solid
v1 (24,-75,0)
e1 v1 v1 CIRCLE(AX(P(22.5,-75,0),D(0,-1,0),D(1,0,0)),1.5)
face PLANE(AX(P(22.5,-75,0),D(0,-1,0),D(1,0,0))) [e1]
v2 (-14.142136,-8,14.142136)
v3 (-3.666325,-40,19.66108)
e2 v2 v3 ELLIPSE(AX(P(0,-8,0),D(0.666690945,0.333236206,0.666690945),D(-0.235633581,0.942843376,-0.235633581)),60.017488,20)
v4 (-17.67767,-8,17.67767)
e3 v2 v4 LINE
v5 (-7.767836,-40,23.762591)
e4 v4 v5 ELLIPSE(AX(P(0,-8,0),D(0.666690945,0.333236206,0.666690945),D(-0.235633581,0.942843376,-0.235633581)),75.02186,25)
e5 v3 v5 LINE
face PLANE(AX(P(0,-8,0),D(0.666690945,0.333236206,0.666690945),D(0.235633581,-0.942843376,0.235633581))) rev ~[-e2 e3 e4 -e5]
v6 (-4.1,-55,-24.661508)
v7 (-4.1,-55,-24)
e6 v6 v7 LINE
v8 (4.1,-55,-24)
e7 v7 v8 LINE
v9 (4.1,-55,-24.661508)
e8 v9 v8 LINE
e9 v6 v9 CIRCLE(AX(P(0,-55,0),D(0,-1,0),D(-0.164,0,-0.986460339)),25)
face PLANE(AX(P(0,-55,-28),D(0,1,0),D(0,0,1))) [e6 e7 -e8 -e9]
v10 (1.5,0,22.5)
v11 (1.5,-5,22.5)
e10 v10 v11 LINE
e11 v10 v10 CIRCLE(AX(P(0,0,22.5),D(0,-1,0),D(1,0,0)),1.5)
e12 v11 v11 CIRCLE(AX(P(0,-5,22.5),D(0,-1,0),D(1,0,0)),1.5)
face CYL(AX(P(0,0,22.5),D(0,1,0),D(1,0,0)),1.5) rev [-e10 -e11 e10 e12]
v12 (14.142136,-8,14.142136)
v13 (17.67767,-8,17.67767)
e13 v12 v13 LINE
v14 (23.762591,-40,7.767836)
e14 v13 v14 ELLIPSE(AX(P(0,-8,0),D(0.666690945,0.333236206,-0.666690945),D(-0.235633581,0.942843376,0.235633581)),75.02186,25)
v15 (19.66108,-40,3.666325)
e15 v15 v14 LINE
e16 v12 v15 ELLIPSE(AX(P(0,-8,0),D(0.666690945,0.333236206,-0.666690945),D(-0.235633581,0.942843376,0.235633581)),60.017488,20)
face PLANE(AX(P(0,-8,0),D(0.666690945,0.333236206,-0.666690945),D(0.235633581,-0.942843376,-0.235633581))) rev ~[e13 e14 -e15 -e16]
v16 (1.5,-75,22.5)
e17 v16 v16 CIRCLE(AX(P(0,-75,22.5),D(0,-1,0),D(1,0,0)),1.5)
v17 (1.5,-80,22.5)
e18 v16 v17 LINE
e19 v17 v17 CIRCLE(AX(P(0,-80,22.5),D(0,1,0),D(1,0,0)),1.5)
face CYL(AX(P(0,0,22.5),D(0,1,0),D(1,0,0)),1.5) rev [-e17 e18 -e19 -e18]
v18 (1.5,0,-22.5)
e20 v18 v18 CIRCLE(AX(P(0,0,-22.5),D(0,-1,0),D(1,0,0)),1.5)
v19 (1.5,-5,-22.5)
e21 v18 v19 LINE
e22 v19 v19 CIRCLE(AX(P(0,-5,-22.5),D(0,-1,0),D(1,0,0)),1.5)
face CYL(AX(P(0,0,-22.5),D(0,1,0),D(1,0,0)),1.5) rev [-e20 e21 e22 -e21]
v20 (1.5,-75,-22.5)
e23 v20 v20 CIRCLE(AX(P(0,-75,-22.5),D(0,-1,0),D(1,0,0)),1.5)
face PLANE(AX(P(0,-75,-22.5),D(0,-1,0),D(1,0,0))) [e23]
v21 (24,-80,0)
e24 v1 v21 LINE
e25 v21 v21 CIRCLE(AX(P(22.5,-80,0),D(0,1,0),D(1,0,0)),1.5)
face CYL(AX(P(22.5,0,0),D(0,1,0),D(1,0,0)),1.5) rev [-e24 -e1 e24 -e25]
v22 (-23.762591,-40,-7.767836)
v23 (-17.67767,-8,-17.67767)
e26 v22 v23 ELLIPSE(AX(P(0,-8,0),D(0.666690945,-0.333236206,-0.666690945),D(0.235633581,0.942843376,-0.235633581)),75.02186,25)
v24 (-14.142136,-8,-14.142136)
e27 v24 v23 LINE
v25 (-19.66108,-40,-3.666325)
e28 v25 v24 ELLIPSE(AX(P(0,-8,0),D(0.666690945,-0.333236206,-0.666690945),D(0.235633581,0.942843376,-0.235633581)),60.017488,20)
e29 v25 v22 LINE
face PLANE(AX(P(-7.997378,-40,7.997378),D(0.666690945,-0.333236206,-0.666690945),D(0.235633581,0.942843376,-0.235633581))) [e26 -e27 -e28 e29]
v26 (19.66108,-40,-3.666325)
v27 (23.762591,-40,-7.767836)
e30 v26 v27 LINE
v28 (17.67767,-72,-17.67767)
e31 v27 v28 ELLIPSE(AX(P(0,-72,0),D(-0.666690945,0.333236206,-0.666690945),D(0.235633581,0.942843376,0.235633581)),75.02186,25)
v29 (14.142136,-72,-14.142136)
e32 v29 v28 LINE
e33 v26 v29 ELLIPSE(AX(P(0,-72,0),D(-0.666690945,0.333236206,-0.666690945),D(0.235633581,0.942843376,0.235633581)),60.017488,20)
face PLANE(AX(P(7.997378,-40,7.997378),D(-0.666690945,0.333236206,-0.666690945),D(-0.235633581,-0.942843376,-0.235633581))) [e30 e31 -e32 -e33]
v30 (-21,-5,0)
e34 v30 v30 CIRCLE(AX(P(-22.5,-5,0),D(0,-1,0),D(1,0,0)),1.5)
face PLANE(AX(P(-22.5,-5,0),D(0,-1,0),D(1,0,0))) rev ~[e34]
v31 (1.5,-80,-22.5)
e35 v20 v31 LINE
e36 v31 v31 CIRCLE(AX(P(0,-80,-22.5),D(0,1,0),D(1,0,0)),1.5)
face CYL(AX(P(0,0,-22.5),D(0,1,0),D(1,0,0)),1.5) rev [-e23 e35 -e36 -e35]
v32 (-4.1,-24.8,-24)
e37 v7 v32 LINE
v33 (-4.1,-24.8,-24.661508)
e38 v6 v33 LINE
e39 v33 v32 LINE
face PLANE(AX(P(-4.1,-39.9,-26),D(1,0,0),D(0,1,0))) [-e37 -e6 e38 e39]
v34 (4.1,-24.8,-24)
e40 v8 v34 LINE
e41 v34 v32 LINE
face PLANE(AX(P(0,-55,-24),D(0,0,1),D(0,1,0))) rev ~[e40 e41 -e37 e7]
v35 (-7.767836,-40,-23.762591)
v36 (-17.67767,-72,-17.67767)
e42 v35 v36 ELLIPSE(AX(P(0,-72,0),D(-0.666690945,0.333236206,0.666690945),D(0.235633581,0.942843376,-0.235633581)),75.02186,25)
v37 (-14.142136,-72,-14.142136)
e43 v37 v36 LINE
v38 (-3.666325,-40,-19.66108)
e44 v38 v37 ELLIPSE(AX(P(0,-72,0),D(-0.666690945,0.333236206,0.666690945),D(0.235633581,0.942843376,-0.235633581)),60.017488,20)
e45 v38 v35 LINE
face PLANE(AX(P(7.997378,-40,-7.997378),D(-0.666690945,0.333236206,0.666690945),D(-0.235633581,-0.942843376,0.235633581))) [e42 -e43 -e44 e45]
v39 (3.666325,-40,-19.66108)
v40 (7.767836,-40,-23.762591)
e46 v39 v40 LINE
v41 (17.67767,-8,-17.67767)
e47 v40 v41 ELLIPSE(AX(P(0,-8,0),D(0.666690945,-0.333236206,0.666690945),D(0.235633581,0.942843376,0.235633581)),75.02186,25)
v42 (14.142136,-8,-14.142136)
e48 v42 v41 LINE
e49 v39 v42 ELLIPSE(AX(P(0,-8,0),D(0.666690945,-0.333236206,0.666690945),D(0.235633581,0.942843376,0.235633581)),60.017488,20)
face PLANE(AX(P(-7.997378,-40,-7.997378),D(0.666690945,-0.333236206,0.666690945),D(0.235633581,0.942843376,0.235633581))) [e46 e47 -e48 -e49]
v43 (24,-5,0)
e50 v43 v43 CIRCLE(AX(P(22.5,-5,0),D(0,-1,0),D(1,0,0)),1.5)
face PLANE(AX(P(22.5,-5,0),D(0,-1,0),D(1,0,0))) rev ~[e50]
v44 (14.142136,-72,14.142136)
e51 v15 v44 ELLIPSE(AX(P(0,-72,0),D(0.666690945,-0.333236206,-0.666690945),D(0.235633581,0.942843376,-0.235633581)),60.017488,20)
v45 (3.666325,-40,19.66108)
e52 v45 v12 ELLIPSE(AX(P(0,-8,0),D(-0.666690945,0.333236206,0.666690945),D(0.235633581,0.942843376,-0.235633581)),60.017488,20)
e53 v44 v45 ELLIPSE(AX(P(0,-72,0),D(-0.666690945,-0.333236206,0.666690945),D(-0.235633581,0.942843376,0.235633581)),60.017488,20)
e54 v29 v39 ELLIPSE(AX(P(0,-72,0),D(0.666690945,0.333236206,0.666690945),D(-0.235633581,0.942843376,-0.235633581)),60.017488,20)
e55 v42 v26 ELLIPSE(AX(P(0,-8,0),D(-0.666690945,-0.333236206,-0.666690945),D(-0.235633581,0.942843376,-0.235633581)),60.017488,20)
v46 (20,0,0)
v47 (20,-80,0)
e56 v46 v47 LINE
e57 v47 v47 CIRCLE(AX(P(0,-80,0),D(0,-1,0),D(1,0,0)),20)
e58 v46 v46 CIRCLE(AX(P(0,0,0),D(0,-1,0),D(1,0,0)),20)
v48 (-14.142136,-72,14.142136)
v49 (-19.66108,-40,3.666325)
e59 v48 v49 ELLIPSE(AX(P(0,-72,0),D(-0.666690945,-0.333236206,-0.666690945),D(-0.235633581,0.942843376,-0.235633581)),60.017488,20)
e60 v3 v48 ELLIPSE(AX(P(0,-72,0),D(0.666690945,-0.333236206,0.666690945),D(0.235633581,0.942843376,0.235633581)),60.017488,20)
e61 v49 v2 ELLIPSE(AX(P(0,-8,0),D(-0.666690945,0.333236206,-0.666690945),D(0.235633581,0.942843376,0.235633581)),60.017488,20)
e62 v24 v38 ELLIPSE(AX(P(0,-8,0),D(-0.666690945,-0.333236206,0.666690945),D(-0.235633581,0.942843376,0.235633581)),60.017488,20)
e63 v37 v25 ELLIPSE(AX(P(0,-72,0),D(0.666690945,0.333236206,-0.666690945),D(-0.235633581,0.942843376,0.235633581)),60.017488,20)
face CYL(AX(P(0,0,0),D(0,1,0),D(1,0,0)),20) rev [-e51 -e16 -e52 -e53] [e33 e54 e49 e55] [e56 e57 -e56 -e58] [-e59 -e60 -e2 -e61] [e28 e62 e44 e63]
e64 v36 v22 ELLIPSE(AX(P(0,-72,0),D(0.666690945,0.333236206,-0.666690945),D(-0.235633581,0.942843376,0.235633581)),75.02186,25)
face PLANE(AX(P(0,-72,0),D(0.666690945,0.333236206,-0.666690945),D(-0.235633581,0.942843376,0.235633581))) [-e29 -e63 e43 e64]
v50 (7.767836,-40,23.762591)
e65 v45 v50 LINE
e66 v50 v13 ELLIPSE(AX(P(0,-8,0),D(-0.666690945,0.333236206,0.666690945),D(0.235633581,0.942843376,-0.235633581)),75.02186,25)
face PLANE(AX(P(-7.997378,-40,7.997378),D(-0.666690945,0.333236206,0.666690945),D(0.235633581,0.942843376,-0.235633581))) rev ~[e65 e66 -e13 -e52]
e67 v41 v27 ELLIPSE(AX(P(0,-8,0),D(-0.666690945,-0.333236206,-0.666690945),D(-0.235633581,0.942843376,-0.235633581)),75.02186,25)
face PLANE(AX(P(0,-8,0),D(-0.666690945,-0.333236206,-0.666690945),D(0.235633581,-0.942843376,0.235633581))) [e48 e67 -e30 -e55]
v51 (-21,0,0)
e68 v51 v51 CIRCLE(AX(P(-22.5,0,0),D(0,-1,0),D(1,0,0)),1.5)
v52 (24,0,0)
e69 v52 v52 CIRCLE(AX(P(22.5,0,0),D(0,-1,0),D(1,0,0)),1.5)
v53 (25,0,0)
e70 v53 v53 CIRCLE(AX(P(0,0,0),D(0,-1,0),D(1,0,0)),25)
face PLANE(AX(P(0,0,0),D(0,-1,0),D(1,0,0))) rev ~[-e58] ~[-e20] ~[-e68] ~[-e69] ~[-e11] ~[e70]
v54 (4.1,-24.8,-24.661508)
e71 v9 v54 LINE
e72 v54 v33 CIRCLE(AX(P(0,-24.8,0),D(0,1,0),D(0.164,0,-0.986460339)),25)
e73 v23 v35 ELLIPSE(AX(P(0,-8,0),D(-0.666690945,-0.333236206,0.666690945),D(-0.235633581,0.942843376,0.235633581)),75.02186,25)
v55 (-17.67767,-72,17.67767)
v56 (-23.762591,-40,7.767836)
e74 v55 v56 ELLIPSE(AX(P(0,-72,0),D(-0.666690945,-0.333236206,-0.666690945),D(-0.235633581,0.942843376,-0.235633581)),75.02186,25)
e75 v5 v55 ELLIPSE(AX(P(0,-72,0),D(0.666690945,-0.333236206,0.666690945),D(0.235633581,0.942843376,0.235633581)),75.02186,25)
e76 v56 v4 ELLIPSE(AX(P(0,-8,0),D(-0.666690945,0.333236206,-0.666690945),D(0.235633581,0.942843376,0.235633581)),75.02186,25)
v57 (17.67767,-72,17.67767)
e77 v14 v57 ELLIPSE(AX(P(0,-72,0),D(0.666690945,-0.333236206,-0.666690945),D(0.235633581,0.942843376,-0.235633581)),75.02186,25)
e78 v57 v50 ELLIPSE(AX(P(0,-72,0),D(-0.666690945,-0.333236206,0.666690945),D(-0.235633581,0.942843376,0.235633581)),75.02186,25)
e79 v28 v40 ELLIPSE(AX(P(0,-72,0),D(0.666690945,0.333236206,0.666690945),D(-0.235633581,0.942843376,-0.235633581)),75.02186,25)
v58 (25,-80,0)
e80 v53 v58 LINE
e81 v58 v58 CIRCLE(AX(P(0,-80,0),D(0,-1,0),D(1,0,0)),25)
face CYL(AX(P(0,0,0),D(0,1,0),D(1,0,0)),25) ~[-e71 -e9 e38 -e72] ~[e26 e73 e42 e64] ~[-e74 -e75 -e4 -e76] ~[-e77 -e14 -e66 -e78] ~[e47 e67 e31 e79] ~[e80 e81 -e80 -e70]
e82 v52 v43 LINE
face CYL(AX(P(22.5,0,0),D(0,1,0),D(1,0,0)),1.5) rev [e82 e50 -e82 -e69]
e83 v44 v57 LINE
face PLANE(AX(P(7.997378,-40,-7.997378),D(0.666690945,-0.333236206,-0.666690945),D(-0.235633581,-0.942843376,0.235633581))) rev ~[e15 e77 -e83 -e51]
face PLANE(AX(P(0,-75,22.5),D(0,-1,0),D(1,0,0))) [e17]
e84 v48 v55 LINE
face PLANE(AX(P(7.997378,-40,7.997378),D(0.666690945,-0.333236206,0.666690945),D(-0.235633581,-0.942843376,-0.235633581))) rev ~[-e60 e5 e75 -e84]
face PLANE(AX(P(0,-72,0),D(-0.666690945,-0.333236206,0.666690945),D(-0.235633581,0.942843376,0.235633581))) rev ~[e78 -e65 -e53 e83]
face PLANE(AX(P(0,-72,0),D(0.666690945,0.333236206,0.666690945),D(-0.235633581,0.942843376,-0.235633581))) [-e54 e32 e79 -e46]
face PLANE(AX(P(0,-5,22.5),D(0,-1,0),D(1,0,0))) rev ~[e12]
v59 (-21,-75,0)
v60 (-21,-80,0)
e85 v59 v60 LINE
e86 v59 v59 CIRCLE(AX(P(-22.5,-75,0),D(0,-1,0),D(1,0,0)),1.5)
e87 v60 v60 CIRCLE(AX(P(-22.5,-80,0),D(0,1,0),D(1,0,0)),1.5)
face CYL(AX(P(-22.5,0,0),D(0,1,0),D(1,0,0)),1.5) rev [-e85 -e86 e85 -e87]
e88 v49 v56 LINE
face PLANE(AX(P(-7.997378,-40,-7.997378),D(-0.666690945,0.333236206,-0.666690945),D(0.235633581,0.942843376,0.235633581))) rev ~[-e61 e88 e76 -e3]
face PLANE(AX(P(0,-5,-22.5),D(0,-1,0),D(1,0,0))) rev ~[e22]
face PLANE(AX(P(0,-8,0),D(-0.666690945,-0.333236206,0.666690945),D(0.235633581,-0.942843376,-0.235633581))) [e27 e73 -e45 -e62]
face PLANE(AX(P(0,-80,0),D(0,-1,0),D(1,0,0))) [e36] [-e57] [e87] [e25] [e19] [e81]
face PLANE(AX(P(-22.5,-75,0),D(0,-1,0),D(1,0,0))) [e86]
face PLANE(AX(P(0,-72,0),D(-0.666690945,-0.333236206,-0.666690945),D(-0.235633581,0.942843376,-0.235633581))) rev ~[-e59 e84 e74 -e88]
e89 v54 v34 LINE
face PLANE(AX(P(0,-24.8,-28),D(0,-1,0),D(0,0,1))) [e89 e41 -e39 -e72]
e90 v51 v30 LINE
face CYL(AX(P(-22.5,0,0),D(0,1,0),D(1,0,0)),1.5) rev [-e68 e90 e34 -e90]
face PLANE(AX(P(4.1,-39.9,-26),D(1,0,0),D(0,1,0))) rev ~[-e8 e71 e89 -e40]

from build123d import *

# Parameters (mm, degrees)
F0_R           = 25
F0_R_2         = 20
F4_DEPTH       = 80
F5_R           = 1.5
F6_DEPTH       = 84
F6_DEPTH_BACK  = 4
F8_DEPTH       = 35.3563390593
F8_DEPTH_BACK  = 25
F10_DEPTH      = 35.3563390593
F10_DEPTH_BACK = 25
F13_R          = 1.5
F14_DEPTH      = 35
F14_DEPTH_BACK = 35
F11_W          = 30.2
F11_H          = 4
F11_R          = 3.5
F15_DEPTH      = 4.1
F15_DEPTH_BACK = 4.1


with BuildPart() as f4:
    # F0 (on Front) → F4 (new body)
    with BuildSketch(Plane.XZ):
        Circle(F0_R)
        Circle(F0_R_2, mode=Mode.SUBTRACT)
    extrude(amount=F4_DEPTH)

    # F5 (on Front) → F6 (cut, two sides)
    with BuildSketch(Plane.XZ) as f6_sk:
        with Locations((0, 22.5)):
            Circle(F5_R)
        with Locations((0, -22.5)):
            Circle(F5_R)
        with Locations((-22.5, 0)):
            Circle(F5_R)
        with Locations((22.5, 0)):
            Circle(F5_R)
    extrude(amount=F6_DEPTH, mode=Mode.SUBTRACT)
    extrude(f6_sk.sketch, amount=-F6_DEPTH_BACK, mode=Mode.SUBTRACT)

    # F7 (on line) → F8 (cut, two sides)
    with BuildSketch(Plane(origin=(0, 0, 0), x_dir=(0.7071067812, 0, 0.7071067812), z_dir=(0.7071067812, 0, -0.7071067812))) as f8_sk:
        Polygon((-11.31, 40), (0, 8), (11.31, 40), (0, 72), align=None)
    extrude(amount=-F8_DEPTH, mode=Mode.SUBTRACT)
    extrude(f8_sk.sketch, amount=F8_DEPTH_BACK, mode=Mode.SUBTRACT)

    # F9 (on line) → F10 (cut, two sides)
    with BuildSketch(Plane(origin=(0, 0, 0), x_dir=(0.7071067812, 0, -0.7071067812), z_dir=(-0.7071067812, 0, -0.7071067812))) as f10_sk:
        Polygon((-11.31, 40), (0, 8), (11.31, 40), (0, 72), align=None)
    extrude(amount=-F10_DEPTH, mode=Mode.SUBTRACT)
    extrude(f10_sk.sketch, amount=F10_DEPTH_BACK, mode=Mode.SUBTRACT)

    # F13 (on offset) → F14 (join, two sides)
    with BuildSketch(Plane.XZ.offset(40)) as f14_sk:
        with Locations((0, 22.5)):
            Circle(F13_R)
        with Locations((0, -22.5)):
            Circle(F13_R)
        with Locations((22.5, 0)):
            Circle(F13_R)
        with Locations((-22.5, 0)):
            Circle(F13_R)
    extrude(amount=F14_DEPTH)
    extrude(f14_sk.sketch, amount=-F14_DEPTH_BACK)

    # F11 (on Right) → F15 (cut, two sides)
    with BuildSketch(Plane.YZ) as f15_sk:
        with Locations((-39.9, -26)):
            Rectangle(F11_W, F11_H)
        with BuildLine():
            Line((-24.8, -28), (-55, -28))
            Line((-55, -28), (-53.4000304969, -28.5403946475))
            ThreePointArc((-53.4000304969, -28.5403946475), (-50.9379901825, -30.3620036381), (-50, -33.2774926609))
            Line((-50, -33.2774926609), (-50, -43.9965311409))
            ThreePointArc((-50, -43.9965311409), (-48.5355339059, -47.5320650468), (-45, -48.9965311409))
            Line((-45, -48.9965311409), (-35, -48.9965311409))
            ThreePointArc((-35, -48.9965311409), (-31.4644660941, -47.5320650468), (-30, -43.9965311409))
            Line((-30, -43.9965311409), (-30, -33.1293155523))
            ThreePointArc((-30, -33.1293155523), (-28.853919359, -29.9438319824), (-25.9410777703, -28.2186768331))
            Line((-25.9410777703, -28.2186768331), (-24.8, -28))
        make_face()
        with Locations((-40, -38.9965311409)):
            Circle(F11_R, mode=Mode.SUBTRACT)
    extrude(amount=F15_DEPTH, mode=Mode.SUBTRACT)
    extrude(f15_sk.sketch, amount=-F15_DEPTH_BACK, mode=Mode.SUBTRACT)


solid = f4.part
